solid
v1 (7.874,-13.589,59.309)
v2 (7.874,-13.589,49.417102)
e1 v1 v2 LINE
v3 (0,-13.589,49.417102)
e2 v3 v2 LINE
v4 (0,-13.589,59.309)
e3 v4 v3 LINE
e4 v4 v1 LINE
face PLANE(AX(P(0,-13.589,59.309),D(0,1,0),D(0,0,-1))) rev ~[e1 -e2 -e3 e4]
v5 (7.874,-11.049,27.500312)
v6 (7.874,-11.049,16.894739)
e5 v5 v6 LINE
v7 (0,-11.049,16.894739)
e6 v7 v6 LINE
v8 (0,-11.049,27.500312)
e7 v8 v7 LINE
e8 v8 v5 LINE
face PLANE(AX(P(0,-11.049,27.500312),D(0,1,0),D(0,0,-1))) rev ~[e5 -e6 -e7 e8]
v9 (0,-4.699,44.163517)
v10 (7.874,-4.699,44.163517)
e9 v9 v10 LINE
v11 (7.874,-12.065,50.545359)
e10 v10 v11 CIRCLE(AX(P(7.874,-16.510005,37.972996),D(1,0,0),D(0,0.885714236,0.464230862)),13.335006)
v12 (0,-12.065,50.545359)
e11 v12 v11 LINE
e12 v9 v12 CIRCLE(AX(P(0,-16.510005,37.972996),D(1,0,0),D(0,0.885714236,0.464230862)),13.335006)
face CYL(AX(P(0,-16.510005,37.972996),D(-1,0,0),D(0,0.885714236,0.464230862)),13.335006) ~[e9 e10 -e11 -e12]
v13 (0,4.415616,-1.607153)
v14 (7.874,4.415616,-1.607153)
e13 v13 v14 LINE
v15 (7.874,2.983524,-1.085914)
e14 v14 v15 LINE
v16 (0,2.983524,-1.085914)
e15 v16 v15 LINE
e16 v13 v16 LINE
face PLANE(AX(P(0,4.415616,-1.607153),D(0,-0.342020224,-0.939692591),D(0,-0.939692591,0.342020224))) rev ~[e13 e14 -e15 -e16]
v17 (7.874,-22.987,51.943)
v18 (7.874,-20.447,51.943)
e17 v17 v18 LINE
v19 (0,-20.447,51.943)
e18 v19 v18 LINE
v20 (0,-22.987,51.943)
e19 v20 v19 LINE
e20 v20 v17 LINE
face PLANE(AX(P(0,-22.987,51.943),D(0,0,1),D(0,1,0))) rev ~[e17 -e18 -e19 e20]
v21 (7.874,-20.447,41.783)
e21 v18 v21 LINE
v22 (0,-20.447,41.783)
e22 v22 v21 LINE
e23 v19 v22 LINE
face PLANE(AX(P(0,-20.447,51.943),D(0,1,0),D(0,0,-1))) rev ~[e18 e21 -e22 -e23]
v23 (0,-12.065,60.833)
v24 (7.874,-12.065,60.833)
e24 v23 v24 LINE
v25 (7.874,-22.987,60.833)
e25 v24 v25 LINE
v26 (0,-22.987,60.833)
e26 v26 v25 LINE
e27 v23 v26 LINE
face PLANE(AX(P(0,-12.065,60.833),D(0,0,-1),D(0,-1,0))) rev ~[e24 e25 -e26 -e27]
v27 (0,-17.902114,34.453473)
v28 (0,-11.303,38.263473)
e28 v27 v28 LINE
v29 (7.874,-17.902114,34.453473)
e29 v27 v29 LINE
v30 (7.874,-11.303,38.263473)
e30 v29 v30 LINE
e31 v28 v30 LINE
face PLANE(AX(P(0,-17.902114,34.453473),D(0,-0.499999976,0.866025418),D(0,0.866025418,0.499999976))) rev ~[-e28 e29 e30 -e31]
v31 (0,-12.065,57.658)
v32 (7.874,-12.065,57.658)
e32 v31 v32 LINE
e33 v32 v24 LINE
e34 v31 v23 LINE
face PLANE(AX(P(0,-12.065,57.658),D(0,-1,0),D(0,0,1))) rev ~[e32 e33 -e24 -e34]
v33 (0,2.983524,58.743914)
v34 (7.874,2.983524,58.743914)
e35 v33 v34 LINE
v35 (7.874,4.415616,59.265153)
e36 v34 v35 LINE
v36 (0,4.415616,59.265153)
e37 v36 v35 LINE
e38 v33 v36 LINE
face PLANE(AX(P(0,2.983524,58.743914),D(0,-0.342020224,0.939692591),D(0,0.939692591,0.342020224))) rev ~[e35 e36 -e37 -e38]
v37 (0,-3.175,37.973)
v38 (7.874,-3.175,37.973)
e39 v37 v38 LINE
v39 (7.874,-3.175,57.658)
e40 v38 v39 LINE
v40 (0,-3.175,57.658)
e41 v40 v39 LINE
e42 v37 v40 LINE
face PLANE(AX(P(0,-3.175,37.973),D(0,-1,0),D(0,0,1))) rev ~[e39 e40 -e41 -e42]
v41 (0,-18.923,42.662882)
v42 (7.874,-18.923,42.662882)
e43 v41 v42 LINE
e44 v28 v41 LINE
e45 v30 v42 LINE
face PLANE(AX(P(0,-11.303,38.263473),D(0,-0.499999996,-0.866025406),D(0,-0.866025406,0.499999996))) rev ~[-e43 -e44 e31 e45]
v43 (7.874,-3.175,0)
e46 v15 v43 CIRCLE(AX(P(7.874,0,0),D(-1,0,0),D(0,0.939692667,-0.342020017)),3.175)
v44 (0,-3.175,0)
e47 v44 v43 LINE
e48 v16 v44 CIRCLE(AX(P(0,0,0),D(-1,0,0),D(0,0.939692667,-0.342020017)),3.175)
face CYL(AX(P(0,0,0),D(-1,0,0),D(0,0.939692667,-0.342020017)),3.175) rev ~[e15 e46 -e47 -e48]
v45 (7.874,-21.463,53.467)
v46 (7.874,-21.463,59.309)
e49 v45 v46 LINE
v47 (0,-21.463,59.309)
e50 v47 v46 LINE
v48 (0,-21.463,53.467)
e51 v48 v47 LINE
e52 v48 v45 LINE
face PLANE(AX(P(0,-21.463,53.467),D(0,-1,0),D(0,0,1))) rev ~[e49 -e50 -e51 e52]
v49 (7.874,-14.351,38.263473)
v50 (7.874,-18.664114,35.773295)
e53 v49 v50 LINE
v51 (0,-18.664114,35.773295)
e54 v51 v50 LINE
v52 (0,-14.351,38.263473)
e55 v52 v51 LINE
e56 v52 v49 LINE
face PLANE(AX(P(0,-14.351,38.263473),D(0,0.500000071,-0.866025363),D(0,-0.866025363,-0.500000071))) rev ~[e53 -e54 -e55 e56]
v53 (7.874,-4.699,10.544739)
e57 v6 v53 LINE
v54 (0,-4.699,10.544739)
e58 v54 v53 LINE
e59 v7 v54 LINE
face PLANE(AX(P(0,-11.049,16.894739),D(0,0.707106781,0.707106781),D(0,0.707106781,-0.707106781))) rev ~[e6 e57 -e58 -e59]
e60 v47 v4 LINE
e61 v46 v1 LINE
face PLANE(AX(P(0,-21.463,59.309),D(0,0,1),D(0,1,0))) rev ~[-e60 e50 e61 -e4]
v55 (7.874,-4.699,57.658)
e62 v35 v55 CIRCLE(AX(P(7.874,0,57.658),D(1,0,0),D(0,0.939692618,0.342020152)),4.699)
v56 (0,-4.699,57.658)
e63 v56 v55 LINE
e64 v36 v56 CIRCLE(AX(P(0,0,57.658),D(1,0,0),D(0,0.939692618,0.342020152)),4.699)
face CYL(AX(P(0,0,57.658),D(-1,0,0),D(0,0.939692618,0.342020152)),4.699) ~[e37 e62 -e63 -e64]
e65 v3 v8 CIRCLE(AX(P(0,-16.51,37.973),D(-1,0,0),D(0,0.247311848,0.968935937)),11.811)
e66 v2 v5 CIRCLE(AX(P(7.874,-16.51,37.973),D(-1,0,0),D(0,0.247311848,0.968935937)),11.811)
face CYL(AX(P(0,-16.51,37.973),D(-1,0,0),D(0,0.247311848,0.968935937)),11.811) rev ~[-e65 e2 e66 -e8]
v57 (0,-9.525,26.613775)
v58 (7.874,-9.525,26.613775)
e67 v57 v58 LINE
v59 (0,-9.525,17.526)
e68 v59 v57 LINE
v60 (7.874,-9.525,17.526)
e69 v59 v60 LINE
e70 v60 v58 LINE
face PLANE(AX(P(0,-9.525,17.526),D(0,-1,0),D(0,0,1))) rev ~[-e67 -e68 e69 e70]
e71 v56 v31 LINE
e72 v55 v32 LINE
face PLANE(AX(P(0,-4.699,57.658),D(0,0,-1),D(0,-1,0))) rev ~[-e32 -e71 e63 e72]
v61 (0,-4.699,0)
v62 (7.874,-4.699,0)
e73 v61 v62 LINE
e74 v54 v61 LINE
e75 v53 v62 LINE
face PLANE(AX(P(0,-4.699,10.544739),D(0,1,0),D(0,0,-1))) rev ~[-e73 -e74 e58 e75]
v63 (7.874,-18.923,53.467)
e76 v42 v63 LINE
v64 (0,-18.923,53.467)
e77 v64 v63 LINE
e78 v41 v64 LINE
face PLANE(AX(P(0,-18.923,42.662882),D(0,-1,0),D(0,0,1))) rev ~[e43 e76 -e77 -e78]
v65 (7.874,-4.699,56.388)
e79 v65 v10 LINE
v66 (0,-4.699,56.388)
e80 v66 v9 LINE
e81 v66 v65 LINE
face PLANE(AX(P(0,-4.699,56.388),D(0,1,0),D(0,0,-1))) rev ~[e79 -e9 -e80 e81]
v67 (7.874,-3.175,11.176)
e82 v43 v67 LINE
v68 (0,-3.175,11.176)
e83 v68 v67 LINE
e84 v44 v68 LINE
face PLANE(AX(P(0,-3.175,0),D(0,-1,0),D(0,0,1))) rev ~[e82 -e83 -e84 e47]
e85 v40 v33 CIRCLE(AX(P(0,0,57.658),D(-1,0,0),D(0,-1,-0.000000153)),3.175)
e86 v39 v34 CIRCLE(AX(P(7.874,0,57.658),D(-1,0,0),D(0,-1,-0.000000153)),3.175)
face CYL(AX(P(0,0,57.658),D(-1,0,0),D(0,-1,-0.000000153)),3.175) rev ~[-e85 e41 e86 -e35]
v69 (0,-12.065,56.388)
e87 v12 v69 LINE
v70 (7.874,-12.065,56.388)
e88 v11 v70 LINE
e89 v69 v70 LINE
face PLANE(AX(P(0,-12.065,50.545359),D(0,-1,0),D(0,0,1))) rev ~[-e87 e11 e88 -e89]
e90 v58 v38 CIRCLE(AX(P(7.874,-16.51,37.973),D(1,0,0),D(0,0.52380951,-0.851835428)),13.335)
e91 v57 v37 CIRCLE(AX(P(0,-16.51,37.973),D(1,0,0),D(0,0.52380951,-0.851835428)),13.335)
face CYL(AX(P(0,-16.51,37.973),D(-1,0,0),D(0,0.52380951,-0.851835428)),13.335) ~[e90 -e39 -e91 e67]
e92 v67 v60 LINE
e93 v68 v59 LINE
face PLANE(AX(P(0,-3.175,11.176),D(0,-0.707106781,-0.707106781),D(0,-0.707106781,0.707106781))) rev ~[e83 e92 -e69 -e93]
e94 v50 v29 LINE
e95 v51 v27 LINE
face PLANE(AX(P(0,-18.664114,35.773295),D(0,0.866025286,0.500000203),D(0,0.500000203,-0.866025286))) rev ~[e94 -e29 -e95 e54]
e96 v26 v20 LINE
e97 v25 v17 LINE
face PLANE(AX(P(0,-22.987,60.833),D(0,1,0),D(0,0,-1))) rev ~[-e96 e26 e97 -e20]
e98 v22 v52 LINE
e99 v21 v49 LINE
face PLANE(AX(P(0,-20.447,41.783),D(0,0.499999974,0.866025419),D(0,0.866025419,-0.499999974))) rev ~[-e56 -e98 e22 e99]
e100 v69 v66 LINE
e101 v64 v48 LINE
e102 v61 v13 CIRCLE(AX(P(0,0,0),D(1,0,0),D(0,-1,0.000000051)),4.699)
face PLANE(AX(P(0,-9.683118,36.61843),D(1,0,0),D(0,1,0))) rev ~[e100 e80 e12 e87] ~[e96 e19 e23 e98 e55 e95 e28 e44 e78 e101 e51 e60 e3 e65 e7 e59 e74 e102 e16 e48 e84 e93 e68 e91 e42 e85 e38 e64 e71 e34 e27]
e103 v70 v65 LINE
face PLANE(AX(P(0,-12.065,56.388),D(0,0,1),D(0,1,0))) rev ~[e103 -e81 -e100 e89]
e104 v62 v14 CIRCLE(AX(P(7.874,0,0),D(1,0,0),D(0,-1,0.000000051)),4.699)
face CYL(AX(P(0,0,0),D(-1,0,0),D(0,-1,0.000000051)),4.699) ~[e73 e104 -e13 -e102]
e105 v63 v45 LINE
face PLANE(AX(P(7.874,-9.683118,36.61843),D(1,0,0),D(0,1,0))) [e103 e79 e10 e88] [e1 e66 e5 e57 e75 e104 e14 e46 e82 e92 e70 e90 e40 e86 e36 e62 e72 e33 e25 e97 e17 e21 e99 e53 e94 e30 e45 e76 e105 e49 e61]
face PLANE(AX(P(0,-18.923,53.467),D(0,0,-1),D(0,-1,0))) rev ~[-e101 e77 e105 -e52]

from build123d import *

# Parameters (mm, degrees)
F1_DEPTH = 7.874


with BuildPart() as f1:
    # F0 (on Right) → F1 (new body)
    with BuildSketch(Plane.YZ):
        with BuildLine():
            ThreePointArc((2.983524, -1.085914), (-0.551333, -3.126765), (-3.175, 0))
            Line((-3.175, 0), (-3.175, 11.176))
            Line((-3.175, 11.176), (-9.525, 17.526))
            Line((-9.525, 17.526), (-9.525, 26.613775))
            ThreePointArc((-9.525, 26.613775), (-4.870258, 31.466186), (-3.175, 37.973))
            Line((-3.175, 37.973), (-3.175, 57.658))
            ThreePointArc((-3.175, 57.658), (-0.551333, 60.784765), (2.983524, 58.743914))
            Line((2.983524, 58.743914), (4.415616, 59.265153))
            ThreePointArc((4.415616, 59.265153), (-0.815973, 62.285612), (-4.699, 57.658))
            Line((-4.699, 57.658), (-12.065, 57.658))
            Line((-12.065, 57.658), (-12.065, 60.833))
            Line((-12.065, 60.833), (-22.987, 60.833))
            Line((-22.987, 60.833), (-22.987, 51.943))
            Line((-22.987, 51.943), (-20.447, 51.943))
            Line((-20.447, 51.943), (-20.447, 41.783))
            Line((-20.447, 41.783), (-14.351, 38.263473))
            Line((-14.351, 38.263473), (-18.664114, 35.773295))
            Line((-18.664114, 35.773295), (-17.902114, 34.453473))
            Line((-17.902114, 34.453473), (-11.303, 38.263473))
            Line((-11.303, 38.263473), (-18.923, 42.662882))
            Line((-18.923, 42.662882), (-18.923, 53.467))
            Line((-18.923, 53.467), (-21.463, 53.467))
            Line((-21.463, 53.467), (-21.463, 59.309))
            Line((-21.463, 59.309), (-13.589, 59.309))
            Line((-13.589, 59.309), (-13.589, 49.417102))
            ThreePointArc((-13.589, 49.417102), (-4.777528, 39.33271), (-11.049, 27.500312))
            Line((-11.049, 27.500312), (-11.049, 16.894739))
            Line((-11.049, 16.894739), (-4.699, 10.544739))
            Line((-4.699, 10.544739), (-4.699, 0))
            ThreePointArc((-4.699, 0), (-0.815973, -4.627612), (4.415616, -1.607153))
            Line((4.415616, -1.607153), (2.983524, -1.085914))
        make_face()
        with BuildLine():
            Line((-12.065, 56.388), (-4.699, 56.388))
            Line((-4.699, 56.388), (-4.699, 44.163517))
            ThreePointArc((-4.699, 44.163517), (-7.778084, 48.051485), (-12.065, 50.545359))
            Line((-12.065, 50.545359), (-12.065, 56.388))
        make_face(mode=Mode.SUBTRACT)
    extrude(amount=F1_DEPTH)


solid = f1.part
